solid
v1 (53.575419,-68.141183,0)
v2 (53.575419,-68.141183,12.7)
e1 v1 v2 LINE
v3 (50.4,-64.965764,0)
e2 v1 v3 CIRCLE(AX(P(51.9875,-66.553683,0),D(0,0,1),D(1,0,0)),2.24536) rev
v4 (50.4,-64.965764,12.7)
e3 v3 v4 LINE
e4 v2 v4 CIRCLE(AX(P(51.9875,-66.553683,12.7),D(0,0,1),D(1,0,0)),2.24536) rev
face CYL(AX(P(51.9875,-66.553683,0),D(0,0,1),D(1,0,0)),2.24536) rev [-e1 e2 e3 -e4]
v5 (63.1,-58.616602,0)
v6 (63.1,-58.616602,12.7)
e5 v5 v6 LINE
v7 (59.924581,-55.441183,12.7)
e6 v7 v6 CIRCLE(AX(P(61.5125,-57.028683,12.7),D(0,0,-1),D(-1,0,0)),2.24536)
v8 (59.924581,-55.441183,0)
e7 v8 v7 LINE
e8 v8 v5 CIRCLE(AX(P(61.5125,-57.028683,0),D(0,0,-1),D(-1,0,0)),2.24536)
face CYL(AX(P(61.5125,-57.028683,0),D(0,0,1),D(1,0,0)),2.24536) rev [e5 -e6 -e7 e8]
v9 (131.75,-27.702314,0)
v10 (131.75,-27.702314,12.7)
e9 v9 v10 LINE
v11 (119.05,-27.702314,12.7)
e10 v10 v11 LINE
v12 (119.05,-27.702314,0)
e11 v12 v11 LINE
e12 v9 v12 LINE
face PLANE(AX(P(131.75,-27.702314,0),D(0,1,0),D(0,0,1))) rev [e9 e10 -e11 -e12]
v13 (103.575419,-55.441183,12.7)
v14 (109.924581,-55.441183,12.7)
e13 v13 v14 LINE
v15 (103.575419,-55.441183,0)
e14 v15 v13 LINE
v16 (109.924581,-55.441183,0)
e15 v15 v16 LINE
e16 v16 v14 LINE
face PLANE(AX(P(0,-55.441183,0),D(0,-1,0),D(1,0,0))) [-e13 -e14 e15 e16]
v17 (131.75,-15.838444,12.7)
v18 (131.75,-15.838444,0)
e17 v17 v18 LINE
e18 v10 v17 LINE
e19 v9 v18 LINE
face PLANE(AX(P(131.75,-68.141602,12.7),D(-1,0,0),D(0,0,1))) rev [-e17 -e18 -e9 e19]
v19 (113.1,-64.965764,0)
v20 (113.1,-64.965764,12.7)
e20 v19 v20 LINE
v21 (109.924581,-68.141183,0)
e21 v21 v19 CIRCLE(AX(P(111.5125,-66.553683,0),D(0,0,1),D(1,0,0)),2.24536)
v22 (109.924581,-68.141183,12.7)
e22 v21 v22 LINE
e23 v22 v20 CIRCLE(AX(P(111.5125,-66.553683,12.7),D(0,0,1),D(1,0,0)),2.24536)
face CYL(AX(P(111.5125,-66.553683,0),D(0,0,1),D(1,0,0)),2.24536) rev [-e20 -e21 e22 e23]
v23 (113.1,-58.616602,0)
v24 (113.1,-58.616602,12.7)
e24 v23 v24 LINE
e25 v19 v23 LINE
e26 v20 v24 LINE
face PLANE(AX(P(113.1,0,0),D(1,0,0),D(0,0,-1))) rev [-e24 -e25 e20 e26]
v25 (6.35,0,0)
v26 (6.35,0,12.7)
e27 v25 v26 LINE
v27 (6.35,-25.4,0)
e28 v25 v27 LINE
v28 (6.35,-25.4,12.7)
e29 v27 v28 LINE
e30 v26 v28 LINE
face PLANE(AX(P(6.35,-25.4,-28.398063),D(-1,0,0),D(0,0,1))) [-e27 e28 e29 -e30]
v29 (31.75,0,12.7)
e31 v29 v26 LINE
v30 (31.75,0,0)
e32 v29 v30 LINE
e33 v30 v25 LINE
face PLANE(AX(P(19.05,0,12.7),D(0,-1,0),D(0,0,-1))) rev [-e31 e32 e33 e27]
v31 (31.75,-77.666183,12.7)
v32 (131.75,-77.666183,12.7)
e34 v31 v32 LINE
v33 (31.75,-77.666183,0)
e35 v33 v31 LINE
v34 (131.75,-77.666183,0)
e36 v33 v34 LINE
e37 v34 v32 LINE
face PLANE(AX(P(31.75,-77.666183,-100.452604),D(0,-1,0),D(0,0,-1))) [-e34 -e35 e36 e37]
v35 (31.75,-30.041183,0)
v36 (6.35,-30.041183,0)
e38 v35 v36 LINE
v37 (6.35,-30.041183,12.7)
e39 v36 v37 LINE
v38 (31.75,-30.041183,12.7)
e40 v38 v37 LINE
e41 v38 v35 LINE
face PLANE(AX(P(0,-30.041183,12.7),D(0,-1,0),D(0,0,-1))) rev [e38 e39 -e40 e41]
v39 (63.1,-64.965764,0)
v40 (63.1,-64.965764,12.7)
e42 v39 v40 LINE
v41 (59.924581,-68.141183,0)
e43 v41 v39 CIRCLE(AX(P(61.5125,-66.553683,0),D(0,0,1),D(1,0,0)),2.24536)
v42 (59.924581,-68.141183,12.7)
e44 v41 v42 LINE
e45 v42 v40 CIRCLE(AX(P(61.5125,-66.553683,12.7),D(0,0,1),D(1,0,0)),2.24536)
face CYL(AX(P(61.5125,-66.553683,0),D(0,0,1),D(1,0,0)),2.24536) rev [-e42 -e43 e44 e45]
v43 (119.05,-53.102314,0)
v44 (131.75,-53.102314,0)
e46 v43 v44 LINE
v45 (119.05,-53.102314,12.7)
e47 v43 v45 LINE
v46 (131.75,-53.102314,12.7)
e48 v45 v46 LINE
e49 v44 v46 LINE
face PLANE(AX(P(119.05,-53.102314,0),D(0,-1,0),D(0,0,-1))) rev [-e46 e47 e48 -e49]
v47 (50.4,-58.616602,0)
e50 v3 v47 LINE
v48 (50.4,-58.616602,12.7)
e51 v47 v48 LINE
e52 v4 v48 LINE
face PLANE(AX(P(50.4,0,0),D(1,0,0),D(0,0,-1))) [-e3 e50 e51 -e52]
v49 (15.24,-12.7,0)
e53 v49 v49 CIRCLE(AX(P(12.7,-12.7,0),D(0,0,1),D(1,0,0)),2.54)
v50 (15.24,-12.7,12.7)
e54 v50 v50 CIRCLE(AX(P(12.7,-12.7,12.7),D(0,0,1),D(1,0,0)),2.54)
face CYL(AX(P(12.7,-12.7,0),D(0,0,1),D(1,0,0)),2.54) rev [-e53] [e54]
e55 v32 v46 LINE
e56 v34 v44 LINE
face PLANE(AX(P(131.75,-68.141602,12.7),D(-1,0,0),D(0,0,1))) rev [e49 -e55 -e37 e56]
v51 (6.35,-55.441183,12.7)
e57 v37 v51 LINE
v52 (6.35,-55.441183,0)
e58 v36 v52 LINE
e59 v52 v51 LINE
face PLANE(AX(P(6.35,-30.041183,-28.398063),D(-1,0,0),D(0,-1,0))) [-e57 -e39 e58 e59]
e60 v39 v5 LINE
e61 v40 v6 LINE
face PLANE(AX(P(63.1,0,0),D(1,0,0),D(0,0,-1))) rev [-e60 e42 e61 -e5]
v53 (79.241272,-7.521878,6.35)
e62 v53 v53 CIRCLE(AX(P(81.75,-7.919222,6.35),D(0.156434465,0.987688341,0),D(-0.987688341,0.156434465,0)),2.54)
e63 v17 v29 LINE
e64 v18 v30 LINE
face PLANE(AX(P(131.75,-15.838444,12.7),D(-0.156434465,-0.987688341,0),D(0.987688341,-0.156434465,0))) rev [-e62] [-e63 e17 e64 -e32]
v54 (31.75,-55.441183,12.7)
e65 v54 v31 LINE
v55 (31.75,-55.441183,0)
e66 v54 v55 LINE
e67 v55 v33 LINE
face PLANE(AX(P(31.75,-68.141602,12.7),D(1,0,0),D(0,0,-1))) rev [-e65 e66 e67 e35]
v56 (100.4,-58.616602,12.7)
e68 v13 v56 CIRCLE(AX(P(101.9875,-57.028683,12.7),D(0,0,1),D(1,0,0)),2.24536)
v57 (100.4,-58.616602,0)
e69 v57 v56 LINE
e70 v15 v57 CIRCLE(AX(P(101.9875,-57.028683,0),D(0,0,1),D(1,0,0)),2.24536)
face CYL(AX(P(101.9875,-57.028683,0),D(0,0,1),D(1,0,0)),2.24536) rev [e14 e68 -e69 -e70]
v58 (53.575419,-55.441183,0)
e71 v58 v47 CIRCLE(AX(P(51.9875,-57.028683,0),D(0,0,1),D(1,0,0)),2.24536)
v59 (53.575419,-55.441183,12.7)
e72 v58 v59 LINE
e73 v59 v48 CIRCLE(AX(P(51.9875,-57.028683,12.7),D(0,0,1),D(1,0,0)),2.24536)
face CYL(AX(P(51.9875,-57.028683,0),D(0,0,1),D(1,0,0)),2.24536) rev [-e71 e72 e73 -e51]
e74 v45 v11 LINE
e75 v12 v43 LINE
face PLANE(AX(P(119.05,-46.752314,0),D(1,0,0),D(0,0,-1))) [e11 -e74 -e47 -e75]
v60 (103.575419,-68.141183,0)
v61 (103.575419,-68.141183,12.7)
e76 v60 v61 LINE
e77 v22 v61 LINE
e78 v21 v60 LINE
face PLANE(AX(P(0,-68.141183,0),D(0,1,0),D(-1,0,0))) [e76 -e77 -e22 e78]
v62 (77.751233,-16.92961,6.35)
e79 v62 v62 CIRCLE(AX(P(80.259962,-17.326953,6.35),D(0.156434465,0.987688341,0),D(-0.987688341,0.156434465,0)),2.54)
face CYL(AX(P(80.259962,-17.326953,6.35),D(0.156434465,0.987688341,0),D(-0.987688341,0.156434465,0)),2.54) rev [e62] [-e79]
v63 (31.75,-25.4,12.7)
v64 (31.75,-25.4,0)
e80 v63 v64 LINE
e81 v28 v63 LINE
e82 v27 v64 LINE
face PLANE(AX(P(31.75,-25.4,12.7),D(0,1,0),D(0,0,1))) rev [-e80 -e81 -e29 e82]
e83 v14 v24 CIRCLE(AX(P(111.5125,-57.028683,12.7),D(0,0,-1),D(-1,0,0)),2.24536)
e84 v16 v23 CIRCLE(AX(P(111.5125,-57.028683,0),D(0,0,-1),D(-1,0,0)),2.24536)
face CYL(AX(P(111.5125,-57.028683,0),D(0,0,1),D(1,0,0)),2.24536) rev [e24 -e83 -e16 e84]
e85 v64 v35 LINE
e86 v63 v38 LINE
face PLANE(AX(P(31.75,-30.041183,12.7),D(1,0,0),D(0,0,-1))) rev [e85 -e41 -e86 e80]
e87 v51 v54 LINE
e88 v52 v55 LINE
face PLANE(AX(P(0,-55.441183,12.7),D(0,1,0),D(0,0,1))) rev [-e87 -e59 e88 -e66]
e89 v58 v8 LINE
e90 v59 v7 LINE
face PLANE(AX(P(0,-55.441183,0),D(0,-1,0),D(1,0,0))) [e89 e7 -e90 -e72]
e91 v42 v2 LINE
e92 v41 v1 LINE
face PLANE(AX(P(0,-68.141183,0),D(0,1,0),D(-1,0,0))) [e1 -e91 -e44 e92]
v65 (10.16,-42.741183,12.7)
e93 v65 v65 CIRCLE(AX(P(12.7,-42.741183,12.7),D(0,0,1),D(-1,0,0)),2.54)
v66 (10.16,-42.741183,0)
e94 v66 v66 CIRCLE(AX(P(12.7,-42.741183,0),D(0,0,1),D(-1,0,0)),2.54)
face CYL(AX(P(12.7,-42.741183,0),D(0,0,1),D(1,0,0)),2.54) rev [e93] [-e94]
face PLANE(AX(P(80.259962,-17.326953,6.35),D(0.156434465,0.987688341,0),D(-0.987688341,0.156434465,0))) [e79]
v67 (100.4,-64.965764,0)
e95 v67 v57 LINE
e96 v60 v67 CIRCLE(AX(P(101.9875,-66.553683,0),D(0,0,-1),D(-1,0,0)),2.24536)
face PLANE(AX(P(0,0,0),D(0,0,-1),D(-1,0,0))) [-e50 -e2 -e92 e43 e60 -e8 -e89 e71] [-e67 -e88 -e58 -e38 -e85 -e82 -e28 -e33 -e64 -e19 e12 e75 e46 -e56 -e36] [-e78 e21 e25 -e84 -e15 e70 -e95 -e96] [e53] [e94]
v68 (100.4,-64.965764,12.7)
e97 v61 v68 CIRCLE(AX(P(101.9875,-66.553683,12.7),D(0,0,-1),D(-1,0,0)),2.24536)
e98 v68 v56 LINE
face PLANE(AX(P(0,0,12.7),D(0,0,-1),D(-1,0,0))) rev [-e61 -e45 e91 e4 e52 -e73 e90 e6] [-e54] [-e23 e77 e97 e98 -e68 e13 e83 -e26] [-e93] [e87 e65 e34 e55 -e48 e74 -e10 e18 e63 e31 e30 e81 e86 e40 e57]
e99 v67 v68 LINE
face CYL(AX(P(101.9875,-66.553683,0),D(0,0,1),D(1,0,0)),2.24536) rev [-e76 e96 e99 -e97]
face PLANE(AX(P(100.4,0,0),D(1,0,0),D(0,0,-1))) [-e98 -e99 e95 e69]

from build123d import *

# Parameters (mm, degrees)
BOSS_EXTRUDE1_DEPTH = 12.7
SKETCH2_R           = 2.54
SKETCH2_W           = 19.05
SKETCH2_H           = 55.44118298
CUT_EXTRUDE2_DEPTH  = 149.871187129
SKETCH3_W           = 100
SKETCH3_H           = 12.958545622
CUT_EXTRUDE3_DEPTH  = 149.871187129
SKETCH5_W           = 100
SKETCH5_H           = 9.525
BOSS_EXTRUDE3_DEPTH = 12.7
SKETCH4_R           = 2.24536
CUT_EXTRUDE4_DEPTH  = 154.464616373
SKETCH6_R           = 4.091253385
SKETCH6_R_2         = 6.05236999
SKETCH6_W           = 12.7
SKETCH6_H           = 25.4
BOSS_EXTRUDE4_DEPTH = 12.7
SKETCH7_R           = 2.54
CUT_EXTRUDE5_DEPTH  = 154.464616373
CUT_EXTRUDE6_DEPTH  = 154.464616373
SKETCH9_R           = 2.54
CUT_EXTRUDE7_DEPTH  = 9.525


with BuildPart() as part:
    # Sketch1 → Boss-Extrude1 (new body)
    with BuildSketch(Plane.XY):
        Polygon((31.75, -68.141601517), (31.75, -55.44118298), (0, -55.44118298), (0, -30.04118298), (19.05, -30.04118298), (31.75, -30.04118298), (31.75, -25.4), (19.05, -25.4), (0, -25.4), (0, 0), (19.05, 0), (31.75, 0), (131.75, -15.838444032), (131.75, -68.141601517), align=None)
    extrude(amount=BOSS_EXTRUDE1_DEPTH)

    # Sketch2 → Cut-Extrude2 (cut, through all)
    with BuildSketch(Plane.XY.offset(12.7)):
        with Locations((25.4, -12.7)):
            Circle(SKETCH2_R)
        with Locations(Location((25.4, -42.74118298, 0), (0, 0, 180))):
            Circle(SKETCH2_R)
        with Locations((9.525, -27.72059149)):
            Rectangle(SKETCH2_W, SKETCH2_H)
    extrude(amount=-CUT_EXTRUDE2_DEPTH, mode=Mode.SUBTRACT)

    # Sketch3 → Cut-Extrude3 (cut, through all)
    with BuildSketch(Plane.XY.offset(12.7)):
        with Locations((81.75, -74.620455791)):
            Rectangle(SKETCH3_W, SKETCH3_H)
    extrude(amount=-CUT_EXTRUDE3_DEPTH, mode=Mode.SUBTRACT)

    # Sketch5 → Boss-Extrude3 (add)
    with BuildSketch(Plane.XY.offset(12.7)):
        with Locations((81.75, -72.90368298)):
            Rectangle(SKETCH5_W, SKETCH5_H)
    extrude(amount=-BOSS_EXTRUDE3_DEPTH)

    # Sketch4 → Cut-Extrude4 (cut, through all)
    with BuildSketch(Plane.XY.offset(12.7)):
        with BuildLine():
            ThreePointArc((53.575418537, -55.44118298), (50.399790718, -55.440973698), (50.4, -58.616601517))
            Line((50.4, -58.616601517), (50.4, -55.44118298))
            Line((50.4, -55.44118298), (53.575418537, -55.44118298))
        make_face()
        with BuildLine():
            Line((50.4, -55.44118298), (50.4, -58.616601517))
            ThreePointArc((50.4, -58.616601517), (52.846898781, -59.103068495), (54.23286, -57.02868298))
            ThreePointArc((54.23286, -57.02868298), (54.06199877, -56.169557621), (53.575418537, -55.44118298))
            Line((53.575418537, -55.44118298), (50.4, -55.44118298))
        make_face()
        with Locations((61.5125, -57.02868298)):
            Circle(SKETCH4_R)
        with Locations((51.9875, -57.02868298)):
            Circle(SKETCH4_R)
        with Locations((51.9875, -66.55368298)):
            Circle(SKETCH4_R)
        with Locations((61.5125, -66.55368298)):
            Circle(SKETCH4_R)
        Polygon((63.1, -68.14118298), (63.1, -55.44118298), (56.75, -55.44118298), (50.4, -55.44118298), (50.4, -68.14118298), (56.75, -68.14118298), align=None)
        with BuildLine():
            ThreePointArc((59.924581463, -55.44118298), (59.924790718, -58.616392262), (63.1, -58.616601517))
            Line((63.1, -58.616601517), (63.1, -55.44118298))
            Line((63.1, -55.44118298), (59.924581463, -55.44118298))
        make_face()
        with BuildLine():
            Line((63.1, -55.44118298), (63.1, -58.616601517))
            ThreePointArc((63.1, -58.616601517), (63.586885515, -57.888081761), (63.75786, -57.02868298))
            ThreePointArc((63.75786, -57.02868298), (62.371625359, -54.95418421), (59.924581463, -55.44118298))
            Line((59.924581463, -55.44118298), (63.1, -55.44118298))
        make_face()
        with BuildLine():
            ThreePointArc((63.1, -64.965764443), (59.924790718, -64.965973698), (59.924581463, -68.14118298))
            Line((59.924581463, -68.14118298), (63.1, -68.14118298))
            Line((63.1, -68.14118298), (63.1, -64.965764443))
        make_face()
        with BuildLine():
            Line((63.1, -68.14118298), (59.924581463, -68.14118298))
            ThreePointArc((59.924581463, -68.14118298), (62.371625359, -68.62818175), (63.75786, -66.55368298))
            ThreePointArc((63.75786, -66.55368298), (63.586885515, -65.694284199), (63.1, -64.965764443))
            Line((63.1, -64.965764443), (63.1, -68.14118298))
        make_face()
        with BuildLine():
            ThreePointArc((50.4, -64.965764443), (50.399790718, -68.141392262), (53.575418537, -68.14118298))
            Line((53.575418537, -68.14118298), (50.4, -68.14118298))
            Line((50.4, -68.14118298), (50.4, -64.965764443))
        make_face()
        with BuildLine():
            Line((50.4, -68.14118298), (53.575418537, -68.14118298))
            ThreePointArc((53.575418537, -68.14118298), (54.06199877, -67.412808338), (54.23286, -66.55368298))
            ThreePointArc((54.23286, -66.55368298), (52.846898781, -64.479297465), (50.4, -64.965764443))
            Line((50.4, -64.965764443), (50.4, -68.14118298))
        make_face()
        with Locations((111.5125, -57.02868298)):
            Circle(SKETCH4_R)
        with Locations((101.9875, -57.02868298)):
            Circle(SKETCH4_R)
        with Locations((101.9875, -66.55368298)):
            Circle(SKETCH4_R)
        with Locations((111.5125, -66.55368298)):
            Circle(SKETCH4_R)
        Polygon((113.1, -68.14118298), (113.1, -55.44118298), (106.75, -55.44118298), (100.4, -55.44118298), (100.4, -68.14118298), (106.75, -68.14118298), align=None)
    extrude(amount=-CUT_EXTRUDE4_DEPTH, mode=Mode.SUBTRACT)

    # Sketch6 → Boss-Extrude4 (add)
    with BuildSketch(Plane.XY.offset(12.7)):
        with Locations((25.4, -12.7)):
            Circle(SKETCH6_R)
        with Locations((25.4, -42.74118298)):
            Circle(SKETCH6_R_2)
        with Locations((12.7, -12.7)):
            Rectangle(SKETCH6_W, SKETCH6_H)
        with Locations((12.7, -42.74118298)):
            Rectangle(SKETCH6_W, SKETCH6_H)
    extrude(amount=-BOSS_EXTRUDE4_DEPTH)

    # Sketch7 → Cut-Extrude5 (cut, through all)
    with BuildSketch(Plane.XY.offset(12.7)):
        with Locations((12.7, -12.7)):
            Circle(SKETCH7_R)
        with Locations(Location((12.7, -42.74118298, 0), (0, 0, 180))):
            Circle(SKETCH7_R)
    extrude(amount=-CUT_EXTRUDE5_DEPTH, mode=Mode.SUBTRACT)

    # Sketch8 → Cut-Extrude6 (cut, through all)
    with BuildSketch(Plane.XY.offset(12.7)):
        Polygon((131.75, -46.752313506), (131.75, -27.702313506), (119.05, -27.702313506), (119.05, -46.752313506), (119.05, -53.102313506), (131.75, -53.102313506), align=None)
    extrude(amount=-CUT_EXTRUDE6_DEPTH, mode=Mode.SUBTRACT)

    # Sketch9 → Cut-Extrude7 (cut)
    with BuildSketch(Plane(origin=(0.776977804, 4.905644786, 0), x_dir=(0.9876883405951382, -0.15643446504022795, 0), z_dir=(0.15643446504022795, 0.9876883405951383, 0))):
        with Locations(Location((81.982361103, -6.35, 0), (0, 0, 180))):
            Circle(SKETCH9_R)
    extrude(amount=-CUT_EXTRUDE7_DEPTH, mode=Mode.SUBTRACT)


solid = part.part
